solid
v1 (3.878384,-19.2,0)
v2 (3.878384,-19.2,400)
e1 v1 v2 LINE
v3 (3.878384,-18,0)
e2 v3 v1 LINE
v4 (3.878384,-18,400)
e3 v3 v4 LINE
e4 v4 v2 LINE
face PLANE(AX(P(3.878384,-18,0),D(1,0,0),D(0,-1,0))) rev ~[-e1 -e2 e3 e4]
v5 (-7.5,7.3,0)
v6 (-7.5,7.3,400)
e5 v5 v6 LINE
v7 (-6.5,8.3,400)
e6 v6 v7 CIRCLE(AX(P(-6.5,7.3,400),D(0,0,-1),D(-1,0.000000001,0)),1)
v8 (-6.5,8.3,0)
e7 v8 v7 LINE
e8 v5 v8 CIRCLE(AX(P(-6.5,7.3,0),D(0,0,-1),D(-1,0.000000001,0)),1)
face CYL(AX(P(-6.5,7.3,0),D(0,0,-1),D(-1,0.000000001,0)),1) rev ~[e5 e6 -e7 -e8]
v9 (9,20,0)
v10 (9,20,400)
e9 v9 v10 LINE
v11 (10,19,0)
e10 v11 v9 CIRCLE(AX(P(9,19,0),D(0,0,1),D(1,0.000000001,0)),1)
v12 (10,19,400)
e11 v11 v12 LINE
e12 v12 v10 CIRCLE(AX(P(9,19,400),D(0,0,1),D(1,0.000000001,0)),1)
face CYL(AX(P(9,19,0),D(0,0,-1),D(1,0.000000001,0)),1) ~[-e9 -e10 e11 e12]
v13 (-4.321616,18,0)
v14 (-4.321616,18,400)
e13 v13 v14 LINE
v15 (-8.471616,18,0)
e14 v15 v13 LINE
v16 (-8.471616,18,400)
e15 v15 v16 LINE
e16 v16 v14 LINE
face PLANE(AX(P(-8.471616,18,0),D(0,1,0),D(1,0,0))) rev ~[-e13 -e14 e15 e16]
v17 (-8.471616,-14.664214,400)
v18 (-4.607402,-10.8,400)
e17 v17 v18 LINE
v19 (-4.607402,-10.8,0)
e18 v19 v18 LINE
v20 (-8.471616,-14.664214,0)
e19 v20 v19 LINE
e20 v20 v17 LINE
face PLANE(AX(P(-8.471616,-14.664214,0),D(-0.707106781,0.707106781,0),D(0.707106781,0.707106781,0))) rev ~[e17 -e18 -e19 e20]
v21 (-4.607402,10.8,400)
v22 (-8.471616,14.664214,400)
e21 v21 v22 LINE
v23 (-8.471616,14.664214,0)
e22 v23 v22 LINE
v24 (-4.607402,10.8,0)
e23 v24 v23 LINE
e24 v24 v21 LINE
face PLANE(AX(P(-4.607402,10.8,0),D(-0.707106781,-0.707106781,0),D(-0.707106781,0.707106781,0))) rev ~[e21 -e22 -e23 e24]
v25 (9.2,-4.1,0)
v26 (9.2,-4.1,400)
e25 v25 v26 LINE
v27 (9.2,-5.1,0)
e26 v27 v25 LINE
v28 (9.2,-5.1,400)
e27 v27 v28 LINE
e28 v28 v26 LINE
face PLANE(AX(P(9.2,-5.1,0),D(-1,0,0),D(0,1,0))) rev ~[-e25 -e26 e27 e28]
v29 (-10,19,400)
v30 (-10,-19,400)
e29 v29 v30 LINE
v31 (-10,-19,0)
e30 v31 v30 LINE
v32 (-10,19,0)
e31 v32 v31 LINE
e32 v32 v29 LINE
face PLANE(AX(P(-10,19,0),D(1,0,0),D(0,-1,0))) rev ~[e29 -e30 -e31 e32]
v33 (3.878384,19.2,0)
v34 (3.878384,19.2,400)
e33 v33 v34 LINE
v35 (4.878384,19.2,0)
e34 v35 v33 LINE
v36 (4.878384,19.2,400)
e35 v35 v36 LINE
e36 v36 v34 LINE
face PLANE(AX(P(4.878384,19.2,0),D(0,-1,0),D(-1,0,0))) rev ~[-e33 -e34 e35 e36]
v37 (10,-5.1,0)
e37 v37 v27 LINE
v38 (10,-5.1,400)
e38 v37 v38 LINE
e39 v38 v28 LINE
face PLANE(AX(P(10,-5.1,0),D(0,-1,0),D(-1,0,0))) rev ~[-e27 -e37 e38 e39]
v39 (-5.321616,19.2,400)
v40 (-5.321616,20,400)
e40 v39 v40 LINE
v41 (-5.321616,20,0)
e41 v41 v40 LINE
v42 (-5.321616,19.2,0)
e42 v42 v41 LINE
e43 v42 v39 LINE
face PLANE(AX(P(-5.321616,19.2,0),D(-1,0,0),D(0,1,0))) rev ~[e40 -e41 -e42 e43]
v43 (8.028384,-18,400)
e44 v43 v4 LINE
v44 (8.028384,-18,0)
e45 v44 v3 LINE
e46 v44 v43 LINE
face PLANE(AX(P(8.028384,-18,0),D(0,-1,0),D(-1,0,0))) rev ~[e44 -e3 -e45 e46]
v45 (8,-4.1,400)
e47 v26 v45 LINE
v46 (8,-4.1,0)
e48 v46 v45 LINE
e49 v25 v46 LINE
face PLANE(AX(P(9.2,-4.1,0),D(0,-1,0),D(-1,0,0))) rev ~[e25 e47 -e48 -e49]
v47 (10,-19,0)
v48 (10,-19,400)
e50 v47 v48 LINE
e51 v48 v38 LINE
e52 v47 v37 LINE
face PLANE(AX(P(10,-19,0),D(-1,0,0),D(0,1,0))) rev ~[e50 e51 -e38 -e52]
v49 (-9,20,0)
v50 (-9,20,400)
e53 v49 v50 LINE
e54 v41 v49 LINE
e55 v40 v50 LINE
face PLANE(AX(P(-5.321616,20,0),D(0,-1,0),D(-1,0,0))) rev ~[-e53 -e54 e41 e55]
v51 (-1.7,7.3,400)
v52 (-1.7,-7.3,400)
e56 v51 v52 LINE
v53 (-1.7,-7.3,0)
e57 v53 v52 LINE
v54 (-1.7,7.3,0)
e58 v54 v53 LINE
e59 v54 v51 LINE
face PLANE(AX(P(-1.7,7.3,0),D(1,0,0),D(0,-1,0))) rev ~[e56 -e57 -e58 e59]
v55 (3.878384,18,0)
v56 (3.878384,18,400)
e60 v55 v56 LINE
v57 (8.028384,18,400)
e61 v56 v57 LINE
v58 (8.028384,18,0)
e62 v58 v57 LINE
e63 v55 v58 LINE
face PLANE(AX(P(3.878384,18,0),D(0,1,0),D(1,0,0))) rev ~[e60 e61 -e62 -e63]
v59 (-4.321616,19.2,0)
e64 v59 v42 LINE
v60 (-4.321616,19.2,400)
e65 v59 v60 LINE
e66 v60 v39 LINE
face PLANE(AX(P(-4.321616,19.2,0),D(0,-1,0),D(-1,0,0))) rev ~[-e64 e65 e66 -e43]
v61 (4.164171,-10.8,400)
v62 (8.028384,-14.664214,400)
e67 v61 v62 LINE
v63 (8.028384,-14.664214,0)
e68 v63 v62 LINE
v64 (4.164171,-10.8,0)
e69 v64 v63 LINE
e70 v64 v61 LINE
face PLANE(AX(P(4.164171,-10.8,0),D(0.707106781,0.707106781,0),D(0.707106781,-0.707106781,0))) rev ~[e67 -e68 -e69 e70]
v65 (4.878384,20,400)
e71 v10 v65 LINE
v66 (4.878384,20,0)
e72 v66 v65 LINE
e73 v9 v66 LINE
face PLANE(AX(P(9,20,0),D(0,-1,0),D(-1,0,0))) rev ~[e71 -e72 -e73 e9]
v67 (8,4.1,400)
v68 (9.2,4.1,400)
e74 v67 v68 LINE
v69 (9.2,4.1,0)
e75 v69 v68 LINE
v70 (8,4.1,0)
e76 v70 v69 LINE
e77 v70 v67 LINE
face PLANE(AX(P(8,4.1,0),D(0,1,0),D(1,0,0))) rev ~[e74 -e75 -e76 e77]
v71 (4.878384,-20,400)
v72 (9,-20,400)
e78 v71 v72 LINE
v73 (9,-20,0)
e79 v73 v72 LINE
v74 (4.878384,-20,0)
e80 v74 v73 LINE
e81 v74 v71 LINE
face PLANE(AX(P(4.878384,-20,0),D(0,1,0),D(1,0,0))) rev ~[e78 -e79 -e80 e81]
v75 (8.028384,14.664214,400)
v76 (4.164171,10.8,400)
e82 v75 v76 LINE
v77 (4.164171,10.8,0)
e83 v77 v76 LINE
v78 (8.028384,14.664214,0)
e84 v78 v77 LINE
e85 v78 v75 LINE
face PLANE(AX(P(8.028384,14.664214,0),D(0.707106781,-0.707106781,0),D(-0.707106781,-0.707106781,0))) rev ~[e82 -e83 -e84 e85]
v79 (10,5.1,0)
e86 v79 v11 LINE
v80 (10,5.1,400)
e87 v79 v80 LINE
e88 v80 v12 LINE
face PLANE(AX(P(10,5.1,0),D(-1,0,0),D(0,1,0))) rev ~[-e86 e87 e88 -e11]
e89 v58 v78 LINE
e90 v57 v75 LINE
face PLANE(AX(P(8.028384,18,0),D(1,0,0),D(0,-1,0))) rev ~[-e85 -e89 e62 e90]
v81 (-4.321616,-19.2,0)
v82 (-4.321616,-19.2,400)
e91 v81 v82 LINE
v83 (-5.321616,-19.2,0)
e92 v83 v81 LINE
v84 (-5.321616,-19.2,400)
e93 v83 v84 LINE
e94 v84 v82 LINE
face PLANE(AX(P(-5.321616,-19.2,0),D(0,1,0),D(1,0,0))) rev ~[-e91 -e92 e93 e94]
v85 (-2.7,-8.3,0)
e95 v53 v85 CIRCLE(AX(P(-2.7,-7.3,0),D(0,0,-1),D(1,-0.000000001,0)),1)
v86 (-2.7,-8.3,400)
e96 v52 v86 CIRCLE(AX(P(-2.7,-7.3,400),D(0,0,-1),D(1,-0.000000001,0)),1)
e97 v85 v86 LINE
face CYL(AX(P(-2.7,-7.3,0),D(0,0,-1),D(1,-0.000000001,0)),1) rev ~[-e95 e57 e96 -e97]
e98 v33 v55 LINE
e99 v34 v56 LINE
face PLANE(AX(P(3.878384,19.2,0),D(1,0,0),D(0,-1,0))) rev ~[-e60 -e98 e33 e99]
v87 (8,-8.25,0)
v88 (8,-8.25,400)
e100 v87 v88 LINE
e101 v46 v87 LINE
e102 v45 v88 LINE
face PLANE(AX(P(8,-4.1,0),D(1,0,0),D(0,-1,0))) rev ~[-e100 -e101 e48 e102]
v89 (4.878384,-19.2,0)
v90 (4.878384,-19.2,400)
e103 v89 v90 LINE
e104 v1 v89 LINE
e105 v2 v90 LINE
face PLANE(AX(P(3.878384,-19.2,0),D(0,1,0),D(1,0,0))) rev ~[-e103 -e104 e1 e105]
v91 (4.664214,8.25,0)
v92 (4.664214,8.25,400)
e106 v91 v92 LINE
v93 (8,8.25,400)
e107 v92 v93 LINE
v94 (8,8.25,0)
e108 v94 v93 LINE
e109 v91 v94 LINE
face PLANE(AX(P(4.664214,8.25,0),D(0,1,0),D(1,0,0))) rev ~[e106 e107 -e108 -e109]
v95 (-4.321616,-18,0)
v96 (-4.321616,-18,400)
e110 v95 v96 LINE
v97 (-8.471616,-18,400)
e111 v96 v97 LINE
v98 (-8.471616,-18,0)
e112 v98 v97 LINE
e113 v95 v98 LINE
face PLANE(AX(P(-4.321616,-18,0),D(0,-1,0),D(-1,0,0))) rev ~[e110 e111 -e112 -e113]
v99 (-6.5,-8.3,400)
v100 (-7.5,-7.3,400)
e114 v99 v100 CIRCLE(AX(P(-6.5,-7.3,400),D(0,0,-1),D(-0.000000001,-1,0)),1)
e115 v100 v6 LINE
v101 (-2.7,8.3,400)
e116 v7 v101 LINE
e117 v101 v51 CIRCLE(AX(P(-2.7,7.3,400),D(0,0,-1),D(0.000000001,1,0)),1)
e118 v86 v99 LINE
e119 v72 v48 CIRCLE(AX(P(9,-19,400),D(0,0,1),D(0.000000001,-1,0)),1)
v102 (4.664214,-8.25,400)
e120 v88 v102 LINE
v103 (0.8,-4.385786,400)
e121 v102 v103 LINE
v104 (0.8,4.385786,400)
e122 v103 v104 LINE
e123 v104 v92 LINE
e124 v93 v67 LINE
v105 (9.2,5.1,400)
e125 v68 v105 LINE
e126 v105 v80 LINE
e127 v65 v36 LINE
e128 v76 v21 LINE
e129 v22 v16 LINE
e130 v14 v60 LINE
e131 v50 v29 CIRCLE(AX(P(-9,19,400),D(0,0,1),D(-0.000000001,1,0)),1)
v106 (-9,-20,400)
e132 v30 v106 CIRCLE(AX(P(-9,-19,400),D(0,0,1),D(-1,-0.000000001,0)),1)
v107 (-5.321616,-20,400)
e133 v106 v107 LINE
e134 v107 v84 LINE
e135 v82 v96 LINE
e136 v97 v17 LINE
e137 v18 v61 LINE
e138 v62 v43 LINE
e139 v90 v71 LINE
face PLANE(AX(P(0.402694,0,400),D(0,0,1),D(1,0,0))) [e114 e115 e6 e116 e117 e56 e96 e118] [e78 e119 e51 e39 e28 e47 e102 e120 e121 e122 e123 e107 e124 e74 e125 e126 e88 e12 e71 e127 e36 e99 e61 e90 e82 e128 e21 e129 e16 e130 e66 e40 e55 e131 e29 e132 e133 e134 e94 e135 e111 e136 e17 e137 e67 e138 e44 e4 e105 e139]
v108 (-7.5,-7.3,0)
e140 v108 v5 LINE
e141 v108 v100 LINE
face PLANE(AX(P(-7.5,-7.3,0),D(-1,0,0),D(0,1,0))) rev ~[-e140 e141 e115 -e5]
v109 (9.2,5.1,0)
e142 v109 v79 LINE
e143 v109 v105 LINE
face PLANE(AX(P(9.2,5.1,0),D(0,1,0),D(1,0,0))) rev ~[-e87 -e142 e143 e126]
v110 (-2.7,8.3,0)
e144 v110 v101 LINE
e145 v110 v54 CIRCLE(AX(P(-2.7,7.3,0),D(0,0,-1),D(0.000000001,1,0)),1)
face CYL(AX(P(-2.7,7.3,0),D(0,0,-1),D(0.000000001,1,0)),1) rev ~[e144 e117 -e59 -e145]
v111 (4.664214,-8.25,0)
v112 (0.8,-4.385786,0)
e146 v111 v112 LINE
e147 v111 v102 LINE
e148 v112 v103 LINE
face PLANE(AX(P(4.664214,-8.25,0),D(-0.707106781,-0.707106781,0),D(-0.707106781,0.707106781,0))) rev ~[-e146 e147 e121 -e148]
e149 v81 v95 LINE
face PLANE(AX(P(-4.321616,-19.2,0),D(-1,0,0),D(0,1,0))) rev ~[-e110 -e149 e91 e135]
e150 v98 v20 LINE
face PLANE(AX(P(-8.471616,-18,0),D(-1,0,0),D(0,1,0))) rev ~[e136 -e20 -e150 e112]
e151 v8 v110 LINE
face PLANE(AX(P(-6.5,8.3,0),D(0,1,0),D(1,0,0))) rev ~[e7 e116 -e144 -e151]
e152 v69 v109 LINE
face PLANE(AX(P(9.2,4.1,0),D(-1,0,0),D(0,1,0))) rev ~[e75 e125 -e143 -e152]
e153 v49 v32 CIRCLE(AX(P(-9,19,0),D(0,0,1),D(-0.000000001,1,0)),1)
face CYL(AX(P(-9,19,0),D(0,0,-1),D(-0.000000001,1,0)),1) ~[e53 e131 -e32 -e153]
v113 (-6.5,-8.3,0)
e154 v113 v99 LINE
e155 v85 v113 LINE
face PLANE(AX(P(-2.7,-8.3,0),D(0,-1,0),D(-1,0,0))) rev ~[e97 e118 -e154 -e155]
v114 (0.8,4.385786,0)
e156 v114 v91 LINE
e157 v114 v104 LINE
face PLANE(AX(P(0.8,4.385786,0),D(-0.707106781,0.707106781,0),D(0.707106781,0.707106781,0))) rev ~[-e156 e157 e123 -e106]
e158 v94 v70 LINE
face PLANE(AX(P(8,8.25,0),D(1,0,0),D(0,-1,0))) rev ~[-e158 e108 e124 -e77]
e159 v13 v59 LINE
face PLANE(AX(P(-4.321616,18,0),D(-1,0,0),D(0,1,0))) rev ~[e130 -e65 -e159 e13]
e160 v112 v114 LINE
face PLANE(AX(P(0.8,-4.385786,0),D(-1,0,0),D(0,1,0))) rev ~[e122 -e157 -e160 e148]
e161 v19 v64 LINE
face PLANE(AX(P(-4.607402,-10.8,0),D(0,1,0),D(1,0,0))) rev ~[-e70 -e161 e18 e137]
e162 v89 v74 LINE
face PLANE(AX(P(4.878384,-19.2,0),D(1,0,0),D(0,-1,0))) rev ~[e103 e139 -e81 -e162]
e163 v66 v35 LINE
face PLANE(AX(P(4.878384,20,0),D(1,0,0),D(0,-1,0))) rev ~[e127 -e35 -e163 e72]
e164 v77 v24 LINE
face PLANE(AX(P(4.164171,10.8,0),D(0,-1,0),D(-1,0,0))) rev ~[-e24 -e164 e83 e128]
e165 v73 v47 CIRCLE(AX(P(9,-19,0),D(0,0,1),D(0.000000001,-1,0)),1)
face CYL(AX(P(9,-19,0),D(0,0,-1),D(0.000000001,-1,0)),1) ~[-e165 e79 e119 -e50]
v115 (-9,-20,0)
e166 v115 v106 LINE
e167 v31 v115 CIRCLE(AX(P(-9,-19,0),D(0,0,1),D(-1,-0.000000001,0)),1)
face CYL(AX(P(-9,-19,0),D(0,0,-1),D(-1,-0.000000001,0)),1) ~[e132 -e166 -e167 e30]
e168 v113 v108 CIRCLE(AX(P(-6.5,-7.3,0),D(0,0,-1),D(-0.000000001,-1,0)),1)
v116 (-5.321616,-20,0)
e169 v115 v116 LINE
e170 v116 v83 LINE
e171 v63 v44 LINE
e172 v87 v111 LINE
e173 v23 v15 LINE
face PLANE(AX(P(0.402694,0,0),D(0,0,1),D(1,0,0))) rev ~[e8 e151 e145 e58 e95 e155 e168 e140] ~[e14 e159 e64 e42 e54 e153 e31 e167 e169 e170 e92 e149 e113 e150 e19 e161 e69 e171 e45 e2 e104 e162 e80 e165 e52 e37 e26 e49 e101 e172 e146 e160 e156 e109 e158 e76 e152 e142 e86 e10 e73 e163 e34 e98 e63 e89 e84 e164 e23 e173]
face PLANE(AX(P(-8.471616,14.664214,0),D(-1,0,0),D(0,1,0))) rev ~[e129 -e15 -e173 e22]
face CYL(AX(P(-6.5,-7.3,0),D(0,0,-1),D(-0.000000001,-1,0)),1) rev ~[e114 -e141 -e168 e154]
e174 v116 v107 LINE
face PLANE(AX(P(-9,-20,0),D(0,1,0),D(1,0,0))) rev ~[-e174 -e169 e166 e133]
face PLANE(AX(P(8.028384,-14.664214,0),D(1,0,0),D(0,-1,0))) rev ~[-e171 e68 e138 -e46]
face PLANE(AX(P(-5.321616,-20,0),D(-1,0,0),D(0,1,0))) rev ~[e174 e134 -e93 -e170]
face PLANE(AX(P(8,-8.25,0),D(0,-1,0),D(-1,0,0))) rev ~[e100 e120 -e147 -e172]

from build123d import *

# Parameters (mm, degrees)
EXTRUDE_3_DEPTH = 400


with BuildPart() as part:
    # 草图30 → 凸台-拉伸3 (new body)
    with BuildSketch(Plane.XY):
        with BuildLine():
            Line((0.8, 4.385786438), (4.664213562, 8.25))
            Line((4.664213562, 8.25), (8, 8.25))
            Line((8, 8.25), (8, 4.1))
            Line((8, 4.1), (9.2, 4.1))
            Line((9.2, 4.1), (9.2, 5.1))
            Line((9.2, 5.1), (10, 5.1))
            Line((10, 5.1), (10, 19))
            ThreePointArc((10, 19), (9.707106781, 19.707106781), (9, 20))
            Line((9, 20), (4.878384215, 20))
            Line((4.878384215, 20), (4.878384215, 19.2))
            Line((4.878384215, 19.2), (3.878384215, 19.2))
            Line((3.878384215, 19.2), (3.878384215, 18))
            Line((3.878384215, 18), (8.028384215, 18))
            Line((8.028384215, 18), (8.028384215, 14.664213562))
            Line((8.028384215, 14.664213562), (4.164170652, 10.8))
            Line((4.164170652, 10.8), (-4.607402223, 10.8))
            Line((-4.607402223, 10.8), (-8.471615785, 14.664213562))
            Line((-8.471615785, 14.664213562), (-8.471615785, 18))
            Line((-8.471615785, 18), (-4.321615785, 18))
            Line((-4.321615785, 18), (-4.321615785, 19.2))
            Line((-4.321615785, 19.2), (-5.321615785, 19.2))
            Line((-5.321615785, 19.2), (-5.321615785, 20))
            Line((-5.321615785, 20), (-9, 20))
            ThreePointArc((-9, 20), (-9.707106781, 19.707106781), (-10, 19))
            Line((-10, 19), (-10, -19))
            ThreePointArc((-10, -19), (-9.707106781, -19.707106781), (-9, -20))
            Line((-9, -20), (-5.321615785, -20))
            Line((-5.321615785, -20), (-5.321615785, -19.2))
            Line((-5.321615785, -19.2), (-4.321615785, -19.2))
            Line((-4.321615785, -19.2), (-4.321615785, -18))
            Line((-4.321615785, -18), (-8.471615785, -18))
            Line((-8.471615785, -18), (-8.471615785, -14.664213562))
            Line((-8.471615785, -14.664213562), (-4.607402223, -10.8))
            Line((-4.607402223, -10.8), (4.164170652, -10.8))
            Line((4.164170652, -10.8), (8.028384215, -14.664213562))
            Line((8.028384215, -14.664213562), (8.028384215, -18))
            Line((8.028384215, -18), (3.878384215, -18))
            Line((3.878384215, -18), (3.878384215, -19.2))
            Line((3.878384215, -19.2), (4.878384215, -19.2))
            Line((4.878384215, -19.2), (4.878384215, -20))
            Line((4.878384215, -20), (9, -20))
            ThreePointArc((9, -20), (9.707106781, -19.707106781), (10, -19))
            Line((10, -19), (10, -5.1))
            Line((10, -5.1), (9.2, -5.1))
            Line((9.2, -5.1), (9.2, -4.1))
            Line((9.2, -4.1), (8, -4.1))
            Line((8, -4.1), (8, -8.25))
            Line((8, -8.25), (4.664213562, -8.25))
            Line((4.664213562, -8.25), (0.8, -4.385786438))
            Line((0.8, -4.385786438), (0.8, 4.385786438))
        make_face()
        with BuildLine():
            Line((-1.7, 7.3), (-1.7, -7.3))
            ThreePointArc((-1.7, -7.3), (-1.992893219, -8.007106781), (-2.7, -8.3))
            Line((-2.7, -8.3), (-6.5, -8.3))
            ThreePointArc((-6.5, -8.3), (-7.207106781, -8.007106781), (-7.5, -7.3))
            Line((-7.5, -7.3), (-7.5, 7.3))
            ThreePointArc((-7.5, 7.3), (-7.207106781, 8.007106781), (-6.5, 8.3))
            Line((-6.5, 8.3), (-2.7, 8.3))
            ThreePointArc((-2.7, 8.3), (-1.992893219, 8.007106781), (-1.7, 7.3))
        make_face(mode=Mode.SUBTRACT)
    extrude(amount=EXTRUDE_3_DEPTH)


solid = part.part
